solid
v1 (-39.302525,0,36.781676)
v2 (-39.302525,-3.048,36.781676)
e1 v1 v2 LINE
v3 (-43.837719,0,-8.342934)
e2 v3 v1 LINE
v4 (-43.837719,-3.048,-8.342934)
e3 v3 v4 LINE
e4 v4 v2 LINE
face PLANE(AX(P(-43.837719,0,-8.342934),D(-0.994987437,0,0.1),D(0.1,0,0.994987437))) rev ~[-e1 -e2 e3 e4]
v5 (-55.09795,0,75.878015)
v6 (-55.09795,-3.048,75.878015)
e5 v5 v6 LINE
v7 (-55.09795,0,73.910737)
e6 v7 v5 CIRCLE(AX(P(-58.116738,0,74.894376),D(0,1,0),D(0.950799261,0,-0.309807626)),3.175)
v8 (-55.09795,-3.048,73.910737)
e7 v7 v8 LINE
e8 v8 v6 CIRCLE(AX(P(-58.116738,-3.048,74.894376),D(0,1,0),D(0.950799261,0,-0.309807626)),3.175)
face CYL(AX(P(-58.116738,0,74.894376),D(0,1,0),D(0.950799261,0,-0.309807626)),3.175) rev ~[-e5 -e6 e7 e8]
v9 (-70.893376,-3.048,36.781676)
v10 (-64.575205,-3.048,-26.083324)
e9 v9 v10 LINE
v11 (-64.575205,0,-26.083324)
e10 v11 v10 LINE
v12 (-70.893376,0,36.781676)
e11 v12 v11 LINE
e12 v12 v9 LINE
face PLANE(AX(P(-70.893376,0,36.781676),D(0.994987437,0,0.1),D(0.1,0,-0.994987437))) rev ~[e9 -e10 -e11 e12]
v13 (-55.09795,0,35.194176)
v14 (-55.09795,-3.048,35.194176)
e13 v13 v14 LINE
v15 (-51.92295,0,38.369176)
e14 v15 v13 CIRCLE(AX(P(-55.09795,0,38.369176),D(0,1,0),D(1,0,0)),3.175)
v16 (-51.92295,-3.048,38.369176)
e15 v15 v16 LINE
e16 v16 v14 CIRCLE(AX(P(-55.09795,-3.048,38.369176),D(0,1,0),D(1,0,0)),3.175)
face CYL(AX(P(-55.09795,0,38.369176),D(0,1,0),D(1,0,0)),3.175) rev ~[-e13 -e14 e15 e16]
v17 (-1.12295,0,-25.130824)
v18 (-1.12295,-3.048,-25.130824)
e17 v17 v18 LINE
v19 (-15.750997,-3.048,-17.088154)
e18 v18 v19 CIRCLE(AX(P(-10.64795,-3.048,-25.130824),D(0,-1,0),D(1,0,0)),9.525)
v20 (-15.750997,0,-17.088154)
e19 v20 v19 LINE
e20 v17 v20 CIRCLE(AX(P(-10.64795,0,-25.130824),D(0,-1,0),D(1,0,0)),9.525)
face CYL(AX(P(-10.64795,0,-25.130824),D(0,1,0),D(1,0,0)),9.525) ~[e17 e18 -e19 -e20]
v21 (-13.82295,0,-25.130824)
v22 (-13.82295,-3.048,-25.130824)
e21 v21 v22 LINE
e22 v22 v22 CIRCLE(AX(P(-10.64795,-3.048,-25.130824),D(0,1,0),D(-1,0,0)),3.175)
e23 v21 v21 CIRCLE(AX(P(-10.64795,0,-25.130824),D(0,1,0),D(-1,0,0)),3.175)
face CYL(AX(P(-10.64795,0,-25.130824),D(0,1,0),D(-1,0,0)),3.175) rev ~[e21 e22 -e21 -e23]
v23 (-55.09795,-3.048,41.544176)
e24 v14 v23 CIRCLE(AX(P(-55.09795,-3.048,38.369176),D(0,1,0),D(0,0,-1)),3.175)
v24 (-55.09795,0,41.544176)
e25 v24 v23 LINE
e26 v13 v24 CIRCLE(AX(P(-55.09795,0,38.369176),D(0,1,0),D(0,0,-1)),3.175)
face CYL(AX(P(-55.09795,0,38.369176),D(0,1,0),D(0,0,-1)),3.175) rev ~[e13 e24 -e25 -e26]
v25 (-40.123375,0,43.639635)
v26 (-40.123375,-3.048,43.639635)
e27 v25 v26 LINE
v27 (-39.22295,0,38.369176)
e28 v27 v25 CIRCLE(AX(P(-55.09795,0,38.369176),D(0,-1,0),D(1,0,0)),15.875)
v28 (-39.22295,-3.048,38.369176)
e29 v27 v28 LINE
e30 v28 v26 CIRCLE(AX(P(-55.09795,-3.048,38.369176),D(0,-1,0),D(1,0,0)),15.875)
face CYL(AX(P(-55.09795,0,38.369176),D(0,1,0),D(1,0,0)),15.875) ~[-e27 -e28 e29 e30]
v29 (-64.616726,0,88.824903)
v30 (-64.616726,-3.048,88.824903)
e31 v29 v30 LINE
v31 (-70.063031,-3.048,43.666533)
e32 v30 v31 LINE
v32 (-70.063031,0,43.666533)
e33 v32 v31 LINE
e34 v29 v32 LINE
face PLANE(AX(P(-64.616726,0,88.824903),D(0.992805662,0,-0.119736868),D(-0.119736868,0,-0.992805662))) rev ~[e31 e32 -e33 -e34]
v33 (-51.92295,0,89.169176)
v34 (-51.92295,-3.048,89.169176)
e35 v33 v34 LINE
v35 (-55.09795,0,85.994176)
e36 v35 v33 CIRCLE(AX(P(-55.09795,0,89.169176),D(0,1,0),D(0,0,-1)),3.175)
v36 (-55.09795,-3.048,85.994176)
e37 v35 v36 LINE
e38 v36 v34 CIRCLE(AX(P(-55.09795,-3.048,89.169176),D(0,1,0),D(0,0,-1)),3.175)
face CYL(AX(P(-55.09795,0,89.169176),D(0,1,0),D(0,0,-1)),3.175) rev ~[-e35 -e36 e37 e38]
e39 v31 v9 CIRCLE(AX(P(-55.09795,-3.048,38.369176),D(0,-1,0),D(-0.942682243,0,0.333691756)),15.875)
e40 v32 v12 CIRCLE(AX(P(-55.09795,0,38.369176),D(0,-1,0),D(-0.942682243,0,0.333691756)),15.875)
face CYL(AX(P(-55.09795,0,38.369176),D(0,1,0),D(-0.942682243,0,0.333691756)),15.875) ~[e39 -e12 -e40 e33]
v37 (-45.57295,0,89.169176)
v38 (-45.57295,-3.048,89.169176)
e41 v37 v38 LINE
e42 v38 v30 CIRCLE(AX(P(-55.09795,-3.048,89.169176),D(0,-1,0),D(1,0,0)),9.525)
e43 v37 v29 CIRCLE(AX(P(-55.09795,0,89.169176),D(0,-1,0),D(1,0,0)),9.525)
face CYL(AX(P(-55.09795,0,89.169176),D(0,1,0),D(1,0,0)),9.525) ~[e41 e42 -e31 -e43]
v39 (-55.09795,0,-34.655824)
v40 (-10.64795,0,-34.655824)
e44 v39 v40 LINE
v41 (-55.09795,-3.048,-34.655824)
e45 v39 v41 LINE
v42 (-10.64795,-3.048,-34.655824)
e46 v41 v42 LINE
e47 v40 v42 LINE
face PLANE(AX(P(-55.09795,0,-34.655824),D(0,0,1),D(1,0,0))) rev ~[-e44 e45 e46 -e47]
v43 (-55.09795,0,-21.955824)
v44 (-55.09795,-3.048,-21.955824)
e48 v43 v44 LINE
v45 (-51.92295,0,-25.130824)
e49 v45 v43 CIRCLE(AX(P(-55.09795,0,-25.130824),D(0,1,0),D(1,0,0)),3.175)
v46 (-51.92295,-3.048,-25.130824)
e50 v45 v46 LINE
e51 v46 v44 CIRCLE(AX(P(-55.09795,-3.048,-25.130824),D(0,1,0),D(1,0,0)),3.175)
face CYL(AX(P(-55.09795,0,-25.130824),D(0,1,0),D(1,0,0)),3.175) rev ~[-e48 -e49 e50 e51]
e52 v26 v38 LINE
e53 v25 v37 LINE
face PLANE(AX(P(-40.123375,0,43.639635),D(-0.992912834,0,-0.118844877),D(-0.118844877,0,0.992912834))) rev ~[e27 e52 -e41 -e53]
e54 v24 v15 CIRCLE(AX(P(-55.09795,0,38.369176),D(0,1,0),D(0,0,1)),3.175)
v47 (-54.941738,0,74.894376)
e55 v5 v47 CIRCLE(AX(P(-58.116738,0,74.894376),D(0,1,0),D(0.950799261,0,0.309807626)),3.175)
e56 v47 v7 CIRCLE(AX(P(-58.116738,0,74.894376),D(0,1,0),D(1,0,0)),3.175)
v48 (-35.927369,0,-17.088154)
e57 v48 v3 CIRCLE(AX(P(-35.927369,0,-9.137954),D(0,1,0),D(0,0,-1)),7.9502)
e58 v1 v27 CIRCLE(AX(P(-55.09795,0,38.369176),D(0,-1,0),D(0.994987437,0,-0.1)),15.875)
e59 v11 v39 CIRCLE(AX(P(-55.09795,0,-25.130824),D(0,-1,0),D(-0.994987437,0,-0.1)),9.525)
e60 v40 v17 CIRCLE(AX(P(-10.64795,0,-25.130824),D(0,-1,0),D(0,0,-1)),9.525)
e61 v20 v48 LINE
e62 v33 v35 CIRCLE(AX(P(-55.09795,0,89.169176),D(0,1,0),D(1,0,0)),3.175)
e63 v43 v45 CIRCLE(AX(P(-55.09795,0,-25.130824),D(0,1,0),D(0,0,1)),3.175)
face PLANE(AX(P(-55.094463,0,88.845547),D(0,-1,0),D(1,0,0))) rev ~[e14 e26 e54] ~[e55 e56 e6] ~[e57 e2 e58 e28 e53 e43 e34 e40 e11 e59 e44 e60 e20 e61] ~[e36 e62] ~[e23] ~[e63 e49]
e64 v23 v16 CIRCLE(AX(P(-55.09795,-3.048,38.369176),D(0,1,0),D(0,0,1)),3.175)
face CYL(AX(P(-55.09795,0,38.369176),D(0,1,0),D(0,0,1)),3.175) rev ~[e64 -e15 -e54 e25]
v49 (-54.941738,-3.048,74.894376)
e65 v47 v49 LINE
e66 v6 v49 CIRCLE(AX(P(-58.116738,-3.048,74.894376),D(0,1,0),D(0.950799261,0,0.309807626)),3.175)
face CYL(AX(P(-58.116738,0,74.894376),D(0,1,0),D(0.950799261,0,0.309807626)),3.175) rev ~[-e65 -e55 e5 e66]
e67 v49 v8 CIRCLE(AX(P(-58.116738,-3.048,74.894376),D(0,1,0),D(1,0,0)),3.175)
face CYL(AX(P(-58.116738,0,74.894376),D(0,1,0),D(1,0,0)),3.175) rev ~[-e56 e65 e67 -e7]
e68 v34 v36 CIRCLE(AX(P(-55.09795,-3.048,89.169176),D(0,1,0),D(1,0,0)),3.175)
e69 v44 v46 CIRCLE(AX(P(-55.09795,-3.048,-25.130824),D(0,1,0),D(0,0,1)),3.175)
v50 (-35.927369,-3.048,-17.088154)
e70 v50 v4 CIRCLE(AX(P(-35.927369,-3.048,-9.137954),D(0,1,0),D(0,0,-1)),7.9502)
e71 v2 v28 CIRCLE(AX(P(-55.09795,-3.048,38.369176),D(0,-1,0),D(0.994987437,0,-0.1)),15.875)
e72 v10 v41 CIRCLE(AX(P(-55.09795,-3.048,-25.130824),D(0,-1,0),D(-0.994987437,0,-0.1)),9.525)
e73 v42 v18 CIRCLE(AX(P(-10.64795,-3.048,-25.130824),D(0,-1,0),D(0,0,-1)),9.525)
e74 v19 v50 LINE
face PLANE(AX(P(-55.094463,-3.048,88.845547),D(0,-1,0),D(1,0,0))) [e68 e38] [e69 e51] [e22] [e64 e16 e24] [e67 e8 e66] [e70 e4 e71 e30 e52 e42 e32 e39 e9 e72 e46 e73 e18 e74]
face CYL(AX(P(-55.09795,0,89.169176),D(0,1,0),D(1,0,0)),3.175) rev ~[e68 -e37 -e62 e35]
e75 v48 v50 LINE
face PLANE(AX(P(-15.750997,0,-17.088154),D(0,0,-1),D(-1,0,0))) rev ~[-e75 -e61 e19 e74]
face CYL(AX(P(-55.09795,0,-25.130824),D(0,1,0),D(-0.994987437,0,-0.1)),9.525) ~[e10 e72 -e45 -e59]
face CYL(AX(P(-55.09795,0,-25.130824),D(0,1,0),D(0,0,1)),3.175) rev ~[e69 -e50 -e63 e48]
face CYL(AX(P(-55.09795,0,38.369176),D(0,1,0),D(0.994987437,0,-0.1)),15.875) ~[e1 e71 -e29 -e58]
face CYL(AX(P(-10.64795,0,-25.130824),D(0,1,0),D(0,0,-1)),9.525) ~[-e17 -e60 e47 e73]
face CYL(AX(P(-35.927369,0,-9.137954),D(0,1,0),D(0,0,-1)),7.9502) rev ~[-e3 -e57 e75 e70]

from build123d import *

# Parameters (mm, degrees)
F1_DEPTH = 3.048


with BuildPart() as f1:
    # F0 (on Front) → F1 (new body)
    with BuildSketch(Plane.XZ):
        with BuildLine():
            ThreePointArc((-64.6167263357, 88.8249030021), (-61.7103030753, 82.3133455058), (-55.0979500995, 79.6441760991))
            ThreePointArc((-55.0979500995, 79.6441760991), (-48.3627580087, 82.4339840083), (-45.5729500995, 89.1691760991))
            ThreePointArc((-45.5729500995, 89.1691760991), (-55.270114774, 98.6926200311), (-64.6167263357, 88.8249030021))
        make_face()
        with BuildLine():
            ThreePointArc((-51.9229500995, 89.1691760991), (-52.8528860693, 86.9241120688), (-55.0979500995, 85.9941760991))
            ThreePointArc((-55.0979500995, 85.9941760991), (-57.3430141298, 91.4142401294), (-51.9229500995, 89.1691760991))
        make_face(mode=Mode.SUBTRACT)
        with BuildLine():
            ThreePointArc((-45.5729500995, 89.1691760991), (-48.3627580087, 82.4339840083), (-55.0979500995, 79.6441760991))
            Line((-55.0979500995, 79.6441760991), (-55.0979500995, 75.8780153126))
            ThreePointArc((-55.0979500995, 75.8780153126), (-54.9810340203, 75.3923591308), (-54.9417377532, 74.8943760991))
            ThreePointArc((-54.9417377532, 74.8943760991), (-54.9810340203, 74.3963930674), (-55.0979500995, 73.9107368856))
            Line((-55.0979500995, 73.9107368856), (-55.0979500995, 54.2441760991))
            ThreePointArc((-55.0979500995, 54.2441760991), (-45.9233358367, 51.3245640952), (-40.1233752978, 43.639634761))
            Line((-40.1233752978, 43.639634761), (-45.5729500995, 89.1691760991))
        make_face()
        with BuildLine():
            Line((-55.0979500995, 75.8780153126), (-55.0979500995, 79.6441760991))
            ThreePointArc((-55.0979500995, 79.6441760991), (-61.7103030753, 82.3133455058), (-64.6167263357, 88.8249030021))
            Line((-64.6167263357, 88.8249030021), (-70.0630307116, 43.6665327299))
            ThreePointArc((-70.0630307116, 43.6665327299), (-64.2609214649, 51.3328013929), (-55.0979500995, 54.2441760991))
            Line((-55.0979500995, 54.2441760991), (-55.0979500995, 73.9107368856))
            ThreePointArc((-55.0979500995, 73.9107368856), (-61.2917377532, 74.8943760991), (-55.0979500995, 75.8780153126))
        make_face()
        with BuildLine():
            Line((-70.8933756636, 36.7816760991), (-70.0630307116, 43.6665327299))
            ThreePointArc((-70.0630307116, 43.6665327299), (-70.8587399833, 40.2699988789), (-70.8933756636, 36.7816760991))
        make_face()
        with BuildLine():
            ThreePointArc((-55.0979500995, 54.2441760991), (-64.2609214649, 51.3328013929), (-70.0630307116, 43.6665327299))
            Line((-70.0630307116, 43.6665327299), (-70.8933756636, 36.7816760991))
            ThreePointArc((-70.8933756636, 36.7816760991), (-65.7472238424, 26.5959610008), (-55.0979500995, 22.4941760991))
            Line((-55.0979500995, 22.4941760991), (-55.0979500995, 35.1941760991))
            ThreePointArc((-55.0979500995, 35.1941760991), (-58.2729500995, 38.3691760991), (-55.0979500995, 41.5441760991))
            Line((-55.0979500995, 41.5441760991), (-55.0979500995, 54.2441760991))
        make_face()
        with BuildLine():
            Line((-39.3025245355, 36.7816760991), (-40.1233752978, 43.639634761))
            ThreePointArc((-40.1233752978, 43.639634761), (-45.9233358367, 51.3245640952), (-55.0979500995, 54.2441760991))
            Line((-55.0979500995, 54.2441760991), (-55.0979500995, 41.5441760991))
            ThreePointArc((-55.0979500995, 41.5441760991), (-52.8528860693, 40.6142401294), (-51.9229500995, 38.3691760991))
            ThreePointArc((-51.9229500995, 38.3691760991), (-52.8528860693, 36.1241120688), (-55.0979500995, 35.1941760991))
            Line((-55.0979500995, 35.1941760991), (-55.0979500995, 22.4941760991))
            ThreePointArc((-55.0979500995, 22.4941760991), (-44.4486763567, 26.5959610008), (-39.3025245355, 36.7816760991))
        make_face()
        with BuildLine():
            ThreePointArc((-39.2229500995, 38.3691760991), (-39.4496754346, 41.042586844), (-40.1233752978, 43.639634761))
            Line((-40.1233752978, 43.639634761), (-39.3025245355, 36.7816760991))
            ThreePointArc((-39.3025245355, 36.7816760991), (-39.2428561889, 37.574429545), (-39.2229500995, 38.3691760991))
        make_face()
        with BuildLine():
            ThreePointArc((-55.0979500995, 22.4941760991), (-65.7472238424, 26.5959610008), (-70.8933756636, 36.7816760991))
            Line((-70.8933756636, 36.7816760991), (-64.575205438, -26.0833239009))
            ThreePointArc((-64.575205438, -26.0833239009), (-62.1618791585, -18.7412596552), (-55.0979500995, -15.6058239009))
            Line((-55.0979500995, -15.6058239009), (-55.0979500995, 22.4941760991))
        make_face()
        with BuildLine():
            Line((-43.8377185236, -8.3429343308), (-39.3025245355, 36.7816760991))
            ThreePointArc((-39.3025245355, 36.7816760991), (-44.4486763567, 26.5959610008), (-55.0979500995, 22.4941760991))
            Line((-55.0979500995, 22.4941760991), (-55.0979500995, -15.6058239009))
            ThreePointArc((-55.0979500995, -15.6058239009), (-48.3627580087, -18.3956318101), (-45.5729500995, -25.1308239009))
            Line((-45.5729500995, -25.1308239009), (-20.1729500995, -25.1308239009))
            ThreePointArc((-20.1729500995, -25.1308239009), (-18.9945706735, -20.5417553685), (-15.7509973448, -17.0881543308))
            Line((-15.7509973448, -17.0881543308), (-35.9273694011, -17.0881543308))
            ThreePointArc((-35.9273694011, -17.0881543308), (-41.8233955223, -14.4711106213), (-43.8377185236, -8.3429343308))
        make_face()
        with BuildLine():
            ThreePointArc((-55.0979500995, -15.6058239009), (-62.1618791585, -18.7412596552), (-64.575205438, -26.0833239009))
            ThreePointArc((-64.575205438, -26.0833239009), (-61.4875143452, -32.1947529598), (-55.0979500995, -34.6558239009))
            ThreePointArc((-55.0979500995, -34.6558239009), (-48.3627580087, -31.8660159917), (-45.5729500995, -25.1308239009))
            Line((-45.5729500995, -25.1308239009), (-51.9229500995, -25.1308239009))
            ThreePointArc((-51.9229500995, -25.1308239009), (-57.3430141298, -27.3758879312), (-55.0979500995, -21.9558239009))
            Line((-55.0979500995, -21.9558239009), (-55.0979500995, -15.6058239009))
        make_face()
        with BuildLine():
            ThreePointArc((-45.5729500995, -25.1308239009), (-48.3627580087, -31.8660159917), (-55.0979500995, -34.6558239009))
            Line((-55.0979500995, -34.6558239009), (-10.6479500995, -34.6558239009))
            ThreePointArc((-10.6479500995, -34.6558239009), (-17.3831421903, -31.8660159917), (-20.1729500995, -25.1308239009))
            Line((-20.1729500995, -25.1308239009), (-45.5729500995, -25.1308239009))
        make_face()
        with BuildLine():
            ThreePointArc((-20.1729500995, -25.1308239009), (-17.3831421903, -31.8660159917), (-10.6479500995, -34.6558239009))
            ThreePointArc((-10.6479500995, -34.6558239009), (-3.9127580087, -31.8660159917), (-1.1229500995, -25.1308239009))
            ThreePointArc((-1.1229500995, -25.1308239009), (-6.0588815672, -16.7842033269), (-15.7509973448, -17.0881543308))
            ThreePointArc((-15.7509973448, -17.0881543308), (-18.9945706735, -20.5417553685), (-20.1729500995, -25.1308239009))
        make_face()
        with BuildLine():
            ThreePointArc((-7.4729500995, -25.1308239009), (-10.6479500995, -28.3058239009), (-13.8229500995, -25.1308239009))
            ThreePointArc((-13.8229500995, -25.1308239009), (-10.6479500995, -21.9558239009), (-7.4729500995, -25.1308239009))
        make_face(mode=Mode.SUBTRACT)
        with BuildLine():
            ThreePointArc((-45.5729500995, -25.1308239009), (-48.3627580087, -18.3956318101), (-55.0979500995, -15.6058239009))
            Line((-55.0979500995, -15.6058239009), (-55.0979500995, -21.9558239009))
            ThreePointArc((-55.0979500995, -21.9558239009), (-52.8528860693, -22.8857598706), (-51.9229500995, -25.1308239009))
            Line((-51.9229500995, -25.1308239009), (-45.5729500995, -25.1308239009))
        make_face()
    extrude(amount=F1_DEPTH)


solid = f1.part
